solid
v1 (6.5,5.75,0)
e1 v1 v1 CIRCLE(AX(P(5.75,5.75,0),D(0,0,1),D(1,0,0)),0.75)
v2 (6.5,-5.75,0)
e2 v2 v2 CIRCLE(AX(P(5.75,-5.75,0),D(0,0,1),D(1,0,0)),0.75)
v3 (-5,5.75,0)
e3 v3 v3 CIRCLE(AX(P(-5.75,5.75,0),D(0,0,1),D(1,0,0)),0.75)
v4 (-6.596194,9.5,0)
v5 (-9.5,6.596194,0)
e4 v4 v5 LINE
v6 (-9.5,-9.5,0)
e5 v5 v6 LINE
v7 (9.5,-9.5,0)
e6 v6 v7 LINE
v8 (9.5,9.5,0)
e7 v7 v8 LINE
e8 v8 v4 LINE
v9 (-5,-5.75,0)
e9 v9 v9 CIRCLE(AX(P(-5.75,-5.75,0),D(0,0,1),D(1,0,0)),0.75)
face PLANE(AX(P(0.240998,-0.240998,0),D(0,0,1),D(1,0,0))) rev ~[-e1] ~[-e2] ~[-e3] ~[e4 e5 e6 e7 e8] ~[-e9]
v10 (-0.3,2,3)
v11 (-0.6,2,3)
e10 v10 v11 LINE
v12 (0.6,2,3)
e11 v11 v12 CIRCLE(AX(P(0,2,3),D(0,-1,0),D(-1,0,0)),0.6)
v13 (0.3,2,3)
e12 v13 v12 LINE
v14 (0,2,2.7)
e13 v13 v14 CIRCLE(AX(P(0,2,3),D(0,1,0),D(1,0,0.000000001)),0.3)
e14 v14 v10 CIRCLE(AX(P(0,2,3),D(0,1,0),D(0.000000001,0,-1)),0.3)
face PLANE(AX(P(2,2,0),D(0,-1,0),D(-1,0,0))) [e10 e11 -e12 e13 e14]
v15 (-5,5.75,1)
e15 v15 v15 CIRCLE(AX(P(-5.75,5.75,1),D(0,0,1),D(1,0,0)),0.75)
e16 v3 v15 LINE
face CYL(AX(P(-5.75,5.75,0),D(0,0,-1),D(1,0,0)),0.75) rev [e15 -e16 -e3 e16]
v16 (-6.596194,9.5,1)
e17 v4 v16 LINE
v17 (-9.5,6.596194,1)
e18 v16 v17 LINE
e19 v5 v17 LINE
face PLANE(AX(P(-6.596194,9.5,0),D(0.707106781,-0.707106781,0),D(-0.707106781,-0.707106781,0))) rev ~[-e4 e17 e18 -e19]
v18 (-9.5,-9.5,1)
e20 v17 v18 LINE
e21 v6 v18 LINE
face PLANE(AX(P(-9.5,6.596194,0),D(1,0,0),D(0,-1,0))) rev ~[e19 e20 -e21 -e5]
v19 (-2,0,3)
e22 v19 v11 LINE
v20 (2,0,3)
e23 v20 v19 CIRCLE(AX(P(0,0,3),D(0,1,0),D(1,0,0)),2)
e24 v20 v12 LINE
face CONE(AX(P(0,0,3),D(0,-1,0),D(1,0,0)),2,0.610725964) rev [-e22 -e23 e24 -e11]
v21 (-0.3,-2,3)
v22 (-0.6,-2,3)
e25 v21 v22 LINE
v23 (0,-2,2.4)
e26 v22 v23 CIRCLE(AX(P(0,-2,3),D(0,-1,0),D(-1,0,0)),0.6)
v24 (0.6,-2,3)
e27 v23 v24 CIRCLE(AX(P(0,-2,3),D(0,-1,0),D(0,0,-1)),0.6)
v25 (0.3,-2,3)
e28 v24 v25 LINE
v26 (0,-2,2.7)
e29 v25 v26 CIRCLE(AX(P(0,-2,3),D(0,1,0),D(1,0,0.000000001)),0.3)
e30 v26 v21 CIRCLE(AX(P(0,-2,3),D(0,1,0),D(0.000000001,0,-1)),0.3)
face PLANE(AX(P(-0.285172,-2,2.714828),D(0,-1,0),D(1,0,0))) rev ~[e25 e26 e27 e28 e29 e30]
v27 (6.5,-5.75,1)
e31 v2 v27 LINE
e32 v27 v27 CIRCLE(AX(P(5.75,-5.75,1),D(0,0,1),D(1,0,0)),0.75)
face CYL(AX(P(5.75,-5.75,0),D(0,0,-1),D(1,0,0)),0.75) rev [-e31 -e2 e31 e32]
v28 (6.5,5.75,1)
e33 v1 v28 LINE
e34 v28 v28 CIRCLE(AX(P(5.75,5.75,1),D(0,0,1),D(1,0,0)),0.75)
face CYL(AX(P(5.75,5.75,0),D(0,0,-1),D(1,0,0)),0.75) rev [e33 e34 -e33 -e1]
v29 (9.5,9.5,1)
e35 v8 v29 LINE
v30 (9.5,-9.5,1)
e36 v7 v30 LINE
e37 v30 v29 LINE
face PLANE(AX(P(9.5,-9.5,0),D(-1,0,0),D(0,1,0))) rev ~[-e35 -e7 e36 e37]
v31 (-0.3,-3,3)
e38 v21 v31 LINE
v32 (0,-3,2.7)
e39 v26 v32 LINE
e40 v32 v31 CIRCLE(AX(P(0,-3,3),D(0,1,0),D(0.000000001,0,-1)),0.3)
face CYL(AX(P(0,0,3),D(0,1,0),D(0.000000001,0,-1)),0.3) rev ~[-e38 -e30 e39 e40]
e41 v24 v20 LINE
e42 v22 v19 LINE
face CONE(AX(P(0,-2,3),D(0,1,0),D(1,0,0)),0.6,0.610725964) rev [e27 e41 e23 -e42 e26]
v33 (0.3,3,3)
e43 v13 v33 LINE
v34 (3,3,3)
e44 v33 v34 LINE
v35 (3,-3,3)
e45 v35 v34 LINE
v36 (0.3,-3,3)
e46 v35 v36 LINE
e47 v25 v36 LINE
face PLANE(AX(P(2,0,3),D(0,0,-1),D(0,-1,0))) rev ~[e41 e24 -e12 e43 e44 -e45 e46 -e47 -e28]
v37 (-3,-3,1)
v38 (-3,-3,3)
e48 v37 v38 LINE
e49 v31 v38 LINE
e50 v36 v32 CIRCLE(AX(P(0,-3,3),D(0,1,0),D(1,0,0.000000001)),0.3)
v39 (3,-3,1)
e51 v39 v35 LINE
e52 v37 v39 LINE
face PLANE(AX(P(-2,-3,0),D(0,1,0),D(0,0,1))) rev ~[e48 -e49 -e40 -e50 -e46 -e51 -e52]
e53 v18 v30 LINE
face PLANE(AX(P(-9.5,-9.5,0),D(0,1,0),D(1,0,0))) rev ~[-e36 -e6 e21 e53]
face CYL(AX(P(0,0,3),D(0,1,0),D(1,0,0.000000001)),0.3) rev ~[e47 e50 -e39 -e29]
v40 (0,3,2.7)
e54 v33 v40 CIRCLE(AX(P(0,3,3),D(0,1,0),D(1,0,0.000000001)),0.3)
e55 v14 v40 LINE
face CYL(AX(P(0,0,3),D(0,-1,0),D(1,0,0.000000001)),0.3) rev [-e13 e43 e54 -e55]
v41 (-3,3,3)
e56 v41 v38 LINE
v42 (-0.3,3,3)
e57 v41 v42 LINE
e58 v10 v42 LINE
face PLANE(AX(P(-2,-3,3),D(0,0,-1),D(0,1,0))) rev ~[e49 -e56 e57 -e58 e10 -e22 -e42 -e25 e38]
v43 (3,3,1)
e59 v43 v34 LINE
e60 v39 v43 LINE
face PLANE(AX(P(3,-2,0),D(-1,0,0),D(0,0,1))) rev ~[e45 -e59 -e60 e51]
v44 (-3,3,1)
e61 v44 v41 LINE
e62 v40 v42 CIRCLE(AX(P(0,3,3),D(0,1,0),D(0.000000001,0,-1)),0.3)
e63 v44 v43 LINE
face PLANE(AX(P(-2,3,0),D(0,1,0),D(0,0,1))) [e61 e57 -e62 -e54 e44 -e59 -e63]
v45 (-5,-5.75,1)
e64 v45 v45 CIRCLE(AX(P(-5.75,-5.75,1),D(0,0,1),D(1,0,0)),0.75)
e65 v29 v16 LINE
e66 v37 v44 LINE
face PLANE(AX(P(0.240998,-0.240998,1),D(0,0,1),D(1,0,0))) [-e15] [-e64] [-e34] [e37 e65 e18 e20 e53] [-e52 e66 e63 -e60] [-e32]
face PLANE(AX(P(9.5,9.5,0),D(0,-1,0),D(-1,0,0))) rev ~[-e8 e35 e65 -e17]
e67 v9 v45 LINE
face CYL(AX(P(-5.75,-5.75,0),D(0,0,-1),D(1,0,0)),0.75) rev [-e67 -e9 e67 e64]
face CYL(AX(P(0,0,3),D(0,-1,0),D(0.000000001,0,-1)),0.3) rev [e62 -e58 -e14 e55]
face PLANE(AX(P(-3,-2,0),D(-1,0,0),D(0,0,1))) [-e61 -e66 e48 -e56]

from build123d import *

# Parameters (mm, degrees)
F2_DEPTH  = 3
F0_W      = 0.3
F0_H      = 4
F3_DEPTH  = 3
F4_DEPTH  = 3
F7_DEPTH  = 3
F8_DEPTH  = 2
F9_DEPTH  = 1
F11_DEPTH = 3
F12_DEPTH = 2
F13_DEPTH = 1
F15_DEPTH = 1
F16_DEPTH = 1
F0_R      = 0.75
F17_DEPTH = 1


with BuildPart() as f2:
    # F0 (on Top) → F2 (new body)
    with BuildSketch(Plane.XY):
        Polygon((-0.6, -2), (-2, 0), (-2, -2), align=None)
    extrude(amount=F2_DEPTH)


with BuildPart() as f2b:
    # F0 (on Top) → F2, piece 2 (new body)
    with BuildSketch(Plane.XY):
        Polygon((-0.6, 2), (-2, 2), (-2, 0), align=None)
    extrude(amount=F2_DEPTH)


with BuildPart() as f2c:
    # F0 (on Top) → F2, piece 3 (new body)
    with BuildSketch(Plane.XY):
        Polygon((2, 2), (0.6, 2), (2, 0), align=None)
    extrude(amount=F2_DEPTH)


with BuildPart() as f2d:
    # F0 (on Top) → F2, piece 4 (new body)
    with BuildSketch(Plane.XY):
        Polygon((2, -2), (2, 0), (0.6, -2), align=None)
    extrude(amount=F2_DEPTH)


with BuildPart() as f3:
    # F0 (on Top) → F3 (new body)
    with BuildSketch(Plane.XY):
        Polygon((-0.6, -2), (-0.6, 2), (-2, 0), align=None)
        with Locations((-0.45, 0)):
            Rectangle(F0_W, F0_H)
        with Locations((-0.15, 0)):
            Rectangle(F0_W, F0_H)
    extrude(amount=F3_DEPTH)


with BuildPart() as f4:
    # F0 (on Top) → F4 (new body)
    with BuildSketch(Plane.XY):
        with Locations((0.45, 0)):
            Rectangle(F0_W, F0_H)
        Polygon((2, 0), (0.6, 2), (0.6, -2), align=None)
        with Locations((0.15, 0)):
            Rectangle(F0_W, F0_H)
    extrude(amount=F4_DEPTH)


with BuildPart() as f5_tool:
    # F4_face (on face) → F5 (revolve)
    with BuildSketch(Plane(origin=(0.7128205128, 0, 3), x_dir=(1, 0, 0), z_dir=(0, 0, 1))):
        Polygon((-0.1128205128, -2), (1.2871794872, 0), (-0.1128205128, 2), (-0.7128205128, 2), (-0.7128205128, -2), align=None)
    revolve(axis=Axis((0, 0, 3), (0, -1, 0)))


with BuildPart() as f3_1:
    add(f3.part)

    # F5: cut by f5_tool
    add(f5_tool.part, mode=Mode.SUBTRACT)


with BuildPart() as f4_1:
    add(f4.part)

    # F5: cut by f5_tool
    add(f5_tool.part, mode=Mode.SUBTRACT)


with BuildPart() as f2b_1:
    add(f2b.part)

    # F6: union F2, F3, F4, F2c, F2d
    add(f2.part)
    add(f3_1.part)
    add(f4_1.part)
    add(f2c.part)
    add(f2d.part)


with BuildPart() as f7:
    # F1 (on Front) → F7 (new body)
    with BuildSketch(Plane.XZ):
        with BuildLine():
            ThreePointArc((-0.6, 3), (-0.4242640687, 2.5757359313), (0, 2.4))
            Line((0, 2.4), (0, 2.7))
            ThreePointArc((0, 2.7), (-0.2121320344, 2.7878679656), (-0.3, 3))
            Line((-0.3, 3), (-0.6, 3))
        make_face()
        with BuildLine():
            Line((0, 2.7), (0, 2.4))
            ThreePointArc((0, 2.4), (0.4242640687, 2.5757359313), (0.6, 3))
            Line((0.6, 3), (0.3, 3))
            ThreePointArc((0.3, 3), (0.2121320344, 2.7878679656), (0, 2.7))
        make_face()
    extrude(amount=F7_DEPTH)

    # F1 (on Front) → F8 (cut)
    with BuildSketch(Plane.XZ):
        with BuildLine():
            ThreePointArc((-0.6, 3), (-0.4242640687, 2.5757359313), (0, 2.4))
            Line((0, 2.4), (0, 2.7))
            ThreePointArc((0, 2.7), (-0.2121320344, 2.7878679656), (-0.3, 3))
            Line((-0.3, 3), (-0.6, 3))
        make_face()
        with BuildLine():
            Line((0, 2.7), (0, 2.4))
            ThreePointArc((0, 2.4), (0.4242640687, 2.5757359313), (0.6, 3))
            Line((0.6, 3), (0.3, 3))
            ThreePointArc((0.3, 3), (0.2121320344, 2.7878679656), (0, 2.7))
        make_face()
    extrude(amount=F8_DEPTH, mode=Mode.SUBTRACT)


with BuildPart() as f9:
    # F9 (new): a face of the model
    f9_faces = [f2b_1.part.faces().sort_by_distance(p)[0] for p in [
        (0, -2, 1.4384118942),
    ]]
    extrude(f9_faces, amount=F9_DEPTH)


with BuildPart() as f7_1:
    add(f7.part)

    # F10: union F2b, F9
    add(f2b_1.part)
    add(f9.part)


with BuildPart() as f11:
    # F1 (on Front) → F11 (new body)
    with BuildSketch(Plane.XZ):
        with BuildLine():
            Line((0, 2.7), (0, 2.4))
            ThreePointArc((0, 2.4), (0.4242640687, 2.5757359313), (0.6, 3))
            Line((0.6, 3), (0.3, 3))
            ThreePointArc((0.3, 3), (0.2121320344, 2.7878679656), (0, 2.7))
        make_face()
        with BuildLine():
            ThreePointArc((-0.6, 3), (-0.4242640687, 2.5757359313), (0, 2.4))
            Line((0, 2.4), (0, 2.7))
            ThreePointArc((0, 2.7), (-0.2121320344, 2.7878679656), (-0.3, 3))
            Line((-0.3, 3), (-0.6, 3))
        make_face()
    extrude(amount=-F11_DEPTH)

    # F1 (on Front) → F12 (cut)
    with BuildSketch(Plane.XZ):
        with BuildLine():
            Line((0, 2.7), (0, 2.4))
            ThreePointArc((0, 2.4), (0.4242640687, 2.5757359313), (0.6, 3))
            Line((0.6, 3), (0.3, 3))
            ThreePointArc((0.3, 3), (0.2121320344, 2.7878679656), (0, 2.7))
        make_face()
        with BuildLine():
            ThreePointArc((-0.6, 3), (-0.4242640687, 2.5757359313), (0, 2.4))
            Line((0, 2.4), (0, 2.7))
            ThreePointArc((0, 2.7), (-0.2121320344, 2.7878679656), (-0.3, 3))
            Line((-0.3, 3), (-0.6, 3))
        make_face()
    extrude(amount=-F12_DEPTH, mode=Mode.SUBTRACT)


with BuildPart() as f13:
    # F13 (new): a face of the model
    f13_faces = [f7_1.part.faces().sort_by_distance(p)[0] for p in [
        (0, 2, 1.4384118942),
    ]]
    extrude(f13_faces, amount=F13_DEPTH)


with BuildPart() as f11_1:
    add(f11.part)

    # F14: union F13, F7
    add(f13.part)
    add(f7_1.part)

    # F15 (add): a face of the model
    f15_faces = [f11_1.faces().sort_by_distance(p)[0] for p in [
        (2, 0, 1.5),
    ]]
    extrude(f15_faces, amount=F15_DEPTH)

    # F16 (add): a face of the model
    f16_faces = [f11_1.faces().sort_by_distance(p)[0] for p in [
        (-2, 0, 1.5),
    ]]
    extrude(f16_faces, amount=F16_DEPTH)

    # F0 (on Top) → F17 (join)
    with BuildSketch(Plane.XY):
        Polygon((9.5, 9.5), (-6.5961940777, 9.5), (-9.5, 6.5961940777), (-9.5, -9.5), (9.5, -9.5), align=None)
        with Locations((-5.75, -5.75)):
            Circle(F0_R, mode=Mode.SUBTRACT)
        with Locations((5.75, -5.75)):
            Circle(F0_R, mode=Mode.SUBTRACT)
        with Locations((-5.75, 5.75)):
            Circle(F0_R, mode=Mode.SUBTRACT)
        Polygon((-2, 0), (-2, 2), (-0.6, 2), (-0.3, 2), (0, 2), (0.3, 2), (0.6, 2), (2, 2), (2, 0), (2, -2), (0.6, -2), (0.3, -2), (0, -2), (-0.3, -2), (-0.6, -2), (-2, -2), align=None, mode=Mode.SUBTRACT)
        with Locations((5.75, 5.75)):
            Circle(F0_R, mode=Mode.SUBTRACT)
    extrude(amount=F17_DEPTH)


solid = f11_1.part
